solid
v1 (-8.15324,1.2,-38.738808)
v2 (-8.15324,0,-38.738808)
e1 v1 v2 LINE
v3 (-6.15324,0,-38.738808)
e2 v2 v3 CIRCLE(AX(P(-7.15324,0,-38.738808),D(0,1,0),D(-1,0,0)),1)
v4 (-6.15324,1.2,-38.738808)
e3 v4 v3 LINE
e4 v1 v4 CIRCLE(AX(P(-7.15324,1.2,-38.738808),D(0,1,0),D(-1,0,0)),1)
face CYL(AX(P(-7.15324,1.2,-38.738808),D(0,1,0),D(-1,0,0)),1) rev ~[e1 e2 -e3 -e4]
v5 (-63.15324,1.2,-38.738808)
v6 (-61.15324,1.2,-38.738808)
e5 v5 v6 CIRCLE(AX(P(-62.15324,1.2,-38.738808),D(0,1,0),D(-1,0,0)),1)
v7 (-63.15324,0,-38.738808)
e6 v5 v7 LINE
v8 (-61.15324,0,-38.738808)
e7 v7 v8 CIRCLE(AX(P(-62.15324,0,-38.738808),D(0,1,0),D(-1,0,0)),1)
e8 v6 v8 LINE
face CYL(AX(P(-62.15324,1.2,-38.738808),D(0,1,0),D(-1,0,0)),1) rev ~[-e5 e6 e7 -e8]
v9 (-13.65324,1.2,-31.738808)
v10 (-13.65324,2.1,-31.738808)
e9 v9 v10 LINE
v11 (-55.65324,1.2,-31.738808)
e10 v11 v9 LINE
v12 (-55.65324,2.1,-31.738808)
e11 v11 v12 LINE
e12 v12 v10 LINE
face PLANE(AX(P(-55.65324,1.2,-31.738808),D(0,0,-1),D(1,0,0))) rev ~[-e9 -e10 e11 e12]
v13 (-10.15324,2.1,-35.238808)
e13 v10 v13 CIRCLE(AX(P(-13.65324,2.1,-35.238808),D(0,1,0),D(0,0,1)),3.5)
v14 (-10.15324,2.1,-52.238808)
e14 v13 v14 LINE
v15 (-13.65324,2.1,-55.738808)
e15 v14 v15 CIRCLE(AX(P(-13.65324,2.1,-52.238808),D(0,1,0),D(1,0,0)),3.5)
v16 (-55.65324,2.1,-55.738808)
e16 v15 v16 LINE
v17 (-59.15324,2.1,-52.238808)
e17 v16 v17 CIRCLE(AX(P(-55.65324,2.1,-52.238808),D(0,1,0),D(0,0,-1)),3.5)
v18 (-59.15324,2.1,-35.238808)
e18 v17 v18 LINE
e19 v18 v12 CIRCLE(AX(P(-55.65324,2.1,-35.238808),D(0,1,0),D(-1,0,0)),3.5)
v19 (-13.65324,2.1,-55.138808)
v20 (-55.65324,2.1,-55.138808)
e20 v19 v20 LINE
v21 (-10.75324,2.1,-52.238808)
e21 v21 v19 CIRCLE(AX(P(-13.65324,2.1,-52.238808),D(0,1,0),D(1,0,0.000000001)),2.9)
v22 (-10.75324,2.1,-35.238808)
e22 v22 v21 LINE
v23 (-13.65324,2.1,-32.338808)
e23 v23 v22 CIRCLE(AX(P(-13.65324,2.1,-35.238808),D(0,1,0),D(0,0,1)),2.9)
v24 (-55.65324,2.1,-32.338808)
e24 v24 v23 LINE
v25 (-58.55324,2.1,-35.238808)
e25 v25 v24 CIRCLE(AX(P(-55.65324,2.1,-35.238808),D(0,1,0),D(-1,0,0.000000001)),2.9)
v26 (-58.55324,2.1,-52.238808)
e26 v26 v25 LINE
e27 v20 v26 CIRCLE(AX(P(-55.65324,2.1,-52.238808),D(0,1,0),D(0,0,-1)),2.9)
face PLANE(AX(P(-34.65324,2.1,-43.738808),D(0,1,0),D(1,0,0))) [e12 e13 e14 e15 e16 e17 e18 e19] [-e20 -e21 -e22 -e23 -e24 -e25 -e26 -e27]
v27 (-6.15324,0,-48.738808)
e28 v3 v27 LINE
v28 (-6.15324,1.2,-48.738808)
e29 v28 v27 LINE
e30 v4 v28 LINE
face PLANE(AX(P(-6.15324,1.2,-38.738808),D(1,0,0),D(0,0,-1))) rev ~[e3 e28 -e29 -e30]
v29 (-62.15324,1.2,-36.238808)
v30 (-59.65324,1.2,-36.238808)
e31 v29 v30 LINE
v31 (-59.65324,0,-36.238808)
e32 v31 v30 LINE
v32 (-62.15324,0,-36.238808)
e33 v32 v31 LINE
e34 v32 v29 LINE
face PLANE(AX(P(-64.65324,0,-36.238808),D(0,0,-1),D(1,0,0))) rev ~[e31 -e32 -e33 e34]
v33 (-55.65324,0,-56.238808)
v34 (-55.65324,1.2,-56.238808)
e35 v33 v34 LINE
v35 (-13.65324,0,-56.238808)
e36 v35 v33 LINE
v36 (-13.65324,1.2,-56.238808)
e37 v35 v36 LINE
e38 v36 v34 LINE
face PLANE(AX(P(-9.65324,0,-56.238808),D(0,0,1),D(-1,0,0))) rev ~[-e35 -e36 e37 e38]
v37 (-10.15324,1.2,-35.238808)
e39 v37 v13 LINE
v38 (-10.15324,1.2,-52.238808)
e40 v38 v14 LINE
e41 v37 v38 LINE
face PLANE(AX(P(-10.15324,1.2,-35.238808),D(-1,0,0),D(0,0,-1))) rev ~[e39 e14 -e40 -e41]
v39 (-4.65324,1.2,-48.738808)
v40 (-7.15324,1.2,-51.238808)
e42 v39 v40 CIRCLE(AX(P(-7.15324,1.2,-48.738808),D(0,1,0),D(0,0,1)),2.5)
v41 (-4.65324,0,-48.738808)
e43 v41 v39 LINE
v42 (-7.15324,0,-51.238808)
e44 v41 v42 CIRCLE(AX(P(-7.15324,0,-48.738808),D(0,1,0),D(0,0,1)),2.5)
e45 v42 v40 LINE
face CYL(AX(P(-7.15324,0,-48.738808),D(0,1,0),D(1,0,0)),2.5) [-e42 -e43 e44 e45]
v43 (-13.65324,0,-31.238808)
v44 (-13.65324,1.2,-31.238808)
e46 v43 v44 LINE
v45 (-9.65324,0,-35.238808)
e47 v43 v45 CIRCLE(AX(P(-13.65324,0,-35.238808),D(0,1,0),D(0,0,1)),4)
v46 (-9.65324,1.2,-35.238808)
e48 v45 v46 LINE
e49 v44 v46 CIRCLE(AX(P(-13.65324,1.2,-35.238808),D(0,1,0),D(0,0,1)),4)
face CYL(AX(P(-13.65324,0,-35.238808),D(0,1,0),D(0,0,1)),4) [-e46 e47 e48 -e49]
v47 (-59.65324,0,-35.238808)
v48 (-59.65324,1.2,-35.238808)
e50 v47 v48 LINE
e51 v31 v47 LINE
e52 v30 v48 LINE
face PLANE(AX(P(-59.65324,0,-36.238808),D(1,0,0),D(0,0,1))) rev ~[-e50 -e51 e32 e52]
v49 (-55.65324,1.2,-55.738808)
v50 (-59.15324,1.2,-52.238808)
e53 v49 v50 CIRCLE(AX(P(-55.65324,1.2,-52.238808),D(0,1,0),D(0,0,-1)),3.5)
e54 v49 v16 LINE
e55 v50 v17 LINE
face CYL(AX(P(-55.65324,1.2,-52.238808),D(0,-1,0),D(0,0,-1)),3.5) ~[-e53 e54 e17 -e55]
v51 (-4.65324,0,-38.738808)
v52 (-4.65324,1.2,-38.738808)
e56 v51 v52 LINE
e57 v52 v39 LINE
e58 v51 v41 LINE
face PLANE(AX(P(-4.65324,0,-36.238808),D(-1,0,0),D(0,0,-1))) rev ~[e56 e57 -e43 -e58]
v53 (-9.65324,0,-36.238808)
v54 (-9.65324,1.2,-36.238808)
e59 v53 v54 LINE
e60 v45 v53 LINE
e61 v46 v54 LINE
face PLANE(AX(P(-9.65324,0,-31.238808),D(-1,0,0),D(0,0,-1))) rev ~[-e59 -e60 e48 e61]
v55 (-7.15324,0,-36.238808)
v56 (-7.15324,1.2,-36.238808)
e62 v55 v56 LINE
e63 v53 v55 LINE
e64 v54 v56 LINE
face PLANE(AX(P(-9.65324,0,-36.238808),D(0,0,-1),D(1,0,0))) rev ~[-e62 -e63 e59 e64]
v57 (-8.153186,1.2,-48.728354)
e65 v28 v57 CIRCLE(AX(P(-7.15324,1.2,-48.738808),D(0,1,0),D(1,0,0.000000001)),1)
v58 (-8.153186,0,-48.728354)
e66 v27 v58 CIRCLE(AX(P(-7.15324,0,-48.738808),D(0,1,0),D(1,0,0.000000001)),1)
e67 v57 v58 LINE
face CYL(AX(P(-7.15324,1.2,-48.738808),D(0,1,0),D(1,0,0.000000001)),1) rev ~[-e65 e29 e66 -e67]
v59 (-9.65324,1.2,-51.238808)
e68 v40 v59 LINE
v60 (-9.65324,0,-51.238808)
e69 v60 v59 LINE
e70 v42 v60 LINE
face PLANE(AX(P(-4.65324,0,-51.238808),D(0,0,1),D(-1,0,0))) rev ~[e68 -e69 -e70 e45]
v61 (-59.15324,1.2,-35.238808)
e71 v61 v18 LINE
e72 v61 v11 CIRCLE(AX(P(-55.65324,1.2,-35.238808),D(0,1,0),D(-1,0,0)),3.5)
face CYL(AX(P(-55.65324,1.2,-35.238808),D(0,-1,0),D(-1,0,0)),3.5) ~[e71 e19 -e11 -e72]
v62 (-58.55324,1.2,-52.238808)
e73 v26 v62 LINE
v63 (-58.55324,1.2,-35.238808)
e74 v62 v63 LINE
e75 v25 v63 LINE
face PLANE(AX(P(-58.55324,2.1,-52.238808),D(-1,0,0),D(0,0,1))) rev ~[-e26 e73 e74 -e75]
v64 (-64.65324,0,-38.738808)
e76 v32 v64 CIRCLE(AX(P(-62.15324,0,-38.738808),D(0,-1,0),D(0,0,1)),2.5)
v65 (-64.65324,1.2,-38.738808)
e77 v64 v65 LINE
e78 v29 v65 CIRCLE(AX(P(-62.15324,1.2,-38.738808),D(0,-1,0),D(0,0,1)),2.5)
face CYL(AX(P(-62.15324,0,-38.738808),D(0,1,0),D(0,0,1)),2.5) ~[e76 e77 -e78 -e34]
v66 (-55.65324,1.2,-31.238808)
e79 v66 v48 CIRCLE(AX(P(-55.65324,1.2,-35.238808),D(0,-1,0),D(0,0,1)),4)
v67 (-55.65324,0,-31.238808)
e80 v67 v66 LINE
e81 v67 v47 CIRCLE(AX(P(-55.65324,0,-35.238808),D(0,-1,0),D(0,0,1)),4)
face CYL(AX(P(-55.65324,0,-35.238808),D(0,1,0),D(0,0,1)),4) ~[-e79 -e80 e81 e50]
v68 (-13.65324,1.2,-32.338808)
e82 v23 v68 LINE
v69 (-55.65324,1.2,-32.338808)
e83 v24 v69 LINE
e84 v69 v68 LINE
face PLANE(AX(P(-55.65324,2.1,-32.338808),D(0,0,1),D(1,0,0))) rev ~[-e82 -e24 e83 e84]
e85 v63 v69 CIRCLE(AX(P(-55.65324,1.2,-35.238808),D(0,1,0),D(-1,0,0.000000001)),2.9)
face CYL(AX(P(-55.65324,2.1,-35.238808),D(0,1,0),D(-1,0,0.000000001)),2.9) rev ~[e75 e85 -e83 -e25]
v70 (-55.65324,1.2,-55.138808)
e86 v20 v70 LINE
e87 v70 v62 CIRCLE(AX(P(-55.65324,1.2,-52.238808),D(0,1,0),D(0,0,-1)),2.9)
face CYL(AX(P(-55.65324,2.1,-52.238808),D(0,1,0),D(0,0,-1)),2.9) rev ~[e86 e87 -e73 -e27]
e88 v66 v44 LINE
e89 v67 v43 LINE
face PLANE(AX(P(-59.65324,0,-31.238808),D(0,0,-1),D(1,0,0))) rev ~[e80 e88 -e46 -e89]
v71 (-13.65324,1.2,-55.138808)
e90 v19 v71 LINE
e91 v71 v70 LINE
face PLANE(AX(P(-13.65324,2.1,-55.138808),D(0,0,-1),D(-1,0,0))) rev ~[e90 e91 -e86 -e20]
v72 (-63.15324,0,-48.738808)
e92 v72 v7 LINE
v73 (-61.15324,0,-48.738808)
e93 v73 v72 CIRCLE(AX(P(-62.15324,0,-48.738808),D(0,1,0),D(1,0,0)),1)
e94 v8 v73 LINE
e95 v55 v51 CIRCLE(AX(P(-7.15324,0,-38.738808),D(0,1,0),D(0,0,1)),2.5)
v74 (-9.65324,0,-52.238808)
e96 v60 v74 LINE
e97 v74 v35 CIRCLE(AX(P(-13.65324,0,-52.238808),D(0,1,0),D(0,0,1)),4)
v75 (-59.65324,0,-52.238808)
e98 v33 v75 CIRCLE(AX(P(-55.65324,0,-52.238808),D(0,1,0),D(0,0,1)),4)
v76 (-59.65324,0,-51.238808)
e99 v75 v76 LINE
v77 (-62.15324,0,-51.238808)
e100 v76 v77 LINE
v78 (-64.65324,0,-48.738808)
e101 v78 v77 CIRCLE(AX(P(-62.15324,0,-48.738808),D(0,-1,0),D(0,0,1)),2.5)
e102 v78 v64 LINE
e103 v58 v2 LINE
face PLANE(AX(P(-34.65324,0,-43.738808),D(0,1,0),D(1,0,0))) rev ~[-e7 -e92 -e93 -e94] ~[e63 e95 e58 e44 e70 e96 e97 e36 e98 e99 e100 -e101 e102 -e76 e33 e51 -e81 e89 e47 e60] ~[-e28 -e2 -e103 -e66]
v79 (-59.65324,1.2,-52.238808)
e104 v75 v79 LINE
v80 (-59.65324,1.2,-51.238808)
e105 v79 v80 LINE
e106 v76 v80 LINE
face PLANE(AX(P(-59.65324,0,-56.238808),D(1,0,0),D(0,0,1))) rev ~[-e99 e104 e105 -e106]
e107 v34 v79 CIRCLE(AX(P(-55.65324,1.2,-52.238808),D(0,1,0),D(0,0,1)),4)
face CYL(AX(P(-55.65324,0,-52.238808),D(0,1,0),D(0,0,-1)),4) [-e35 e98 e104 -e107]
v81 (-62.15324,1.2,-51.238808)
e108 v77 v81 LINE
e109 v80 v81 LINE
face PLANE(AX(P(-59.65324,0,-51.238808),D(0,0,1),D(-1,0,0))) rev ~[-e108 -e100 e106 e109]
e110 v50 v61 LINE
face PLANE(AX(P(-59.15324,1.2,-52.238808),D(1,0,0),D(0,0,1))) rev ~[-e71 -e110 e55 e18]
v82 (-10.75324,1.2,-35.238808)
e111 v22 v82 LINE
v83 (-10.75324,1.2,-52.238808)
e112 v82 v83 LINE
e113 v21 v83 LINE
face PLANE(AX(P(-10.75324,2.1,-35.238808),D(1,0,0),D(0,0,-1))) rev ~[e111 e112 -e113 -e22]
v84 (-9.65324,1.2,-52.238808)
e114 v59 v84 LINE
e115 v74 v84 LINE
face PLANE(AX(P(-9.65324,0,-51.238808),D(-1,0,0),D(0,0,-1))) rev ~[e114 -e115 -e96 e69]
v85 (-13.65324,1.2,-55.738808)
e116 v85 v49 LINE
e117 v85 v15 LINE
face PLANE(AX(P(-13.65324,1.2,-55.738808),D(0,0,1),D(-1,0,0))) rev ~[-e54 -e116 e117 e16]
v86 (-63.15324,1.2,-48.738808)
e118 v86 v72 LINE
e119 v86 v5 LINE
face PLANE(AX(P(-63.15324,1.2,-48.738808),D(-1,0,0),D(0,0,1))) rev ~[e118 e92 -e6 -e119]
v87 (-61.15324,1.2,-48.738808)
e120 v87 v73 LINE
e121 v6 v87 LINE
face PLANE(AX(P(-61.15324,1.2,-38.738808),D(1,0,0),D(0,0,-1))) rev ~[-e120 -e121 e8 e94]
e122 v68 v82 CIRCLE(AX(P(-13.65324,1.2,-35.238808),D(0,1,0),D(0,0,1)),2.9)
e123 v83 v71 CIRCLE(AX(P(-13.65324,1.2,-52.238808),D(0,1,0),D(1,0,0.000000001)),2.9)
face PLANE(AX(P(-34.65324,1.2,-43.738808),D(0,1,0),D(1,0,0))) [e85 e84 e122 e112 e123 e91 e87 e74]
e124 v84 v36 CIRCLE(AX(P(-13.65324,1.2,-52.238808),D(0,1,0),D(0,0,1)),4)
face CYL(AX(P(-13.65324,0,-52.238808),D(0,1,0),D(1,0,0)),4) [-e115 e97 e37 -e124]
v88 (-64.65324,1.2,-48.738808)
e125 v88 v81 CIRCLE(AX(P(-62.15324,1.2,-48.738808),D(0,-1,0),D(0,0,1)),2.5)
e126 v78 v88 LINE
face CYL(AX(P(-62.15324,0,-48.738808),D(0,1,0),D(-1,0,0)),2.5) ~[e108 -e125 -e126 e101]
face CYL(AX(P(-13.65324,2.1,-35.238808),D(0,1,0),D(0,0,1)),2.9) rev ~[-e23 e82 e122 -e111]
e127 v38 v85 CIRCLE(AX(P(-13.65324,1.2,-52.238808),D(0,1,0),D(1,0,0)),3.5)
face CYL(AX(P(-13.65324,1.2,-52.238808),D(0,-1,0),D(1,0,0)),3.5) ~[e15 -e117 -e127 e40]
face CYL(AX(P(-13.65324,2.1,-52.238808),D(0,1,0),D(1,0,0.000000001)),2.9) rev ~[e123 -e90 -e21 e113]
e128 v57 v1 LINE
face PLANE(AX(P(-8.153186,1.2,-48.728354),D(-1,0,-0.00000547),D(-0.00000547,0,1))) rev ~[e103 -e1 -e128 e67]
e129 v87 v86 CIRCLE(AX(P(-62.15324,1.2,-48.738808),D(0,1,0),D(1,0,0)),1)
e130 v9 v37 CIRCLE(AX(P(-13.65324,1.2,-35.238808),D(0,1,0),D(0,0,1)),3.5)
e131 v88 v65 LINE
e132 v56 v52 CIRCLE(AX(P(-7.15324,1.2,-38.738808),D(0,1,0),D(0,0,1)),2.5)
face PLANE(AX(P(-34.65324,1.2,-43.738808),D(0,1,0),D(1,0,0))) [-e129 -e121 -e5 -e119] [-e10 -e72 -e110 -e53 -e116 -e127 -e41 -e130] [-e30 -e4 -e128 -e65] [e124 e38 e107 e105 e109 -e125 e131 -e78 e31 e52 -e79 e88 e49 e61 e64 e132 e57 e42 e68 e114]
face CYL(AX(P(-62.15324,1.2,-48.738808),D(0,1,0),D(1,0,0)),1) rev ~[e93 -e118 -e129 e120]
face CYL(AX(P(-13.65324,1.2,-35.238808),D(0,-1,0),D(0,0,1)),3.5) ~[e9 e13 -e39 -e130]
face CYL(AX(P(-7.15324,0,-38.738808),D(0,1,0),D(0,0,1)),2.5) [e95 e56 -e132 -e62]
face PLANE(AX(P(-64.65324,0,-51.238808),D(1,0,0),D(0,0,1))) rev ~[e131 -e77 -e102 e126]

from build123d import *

# Parameters (mm, degrees)
BOSS_EXTRUDE1_DEPTH = 1.2
FILLET1_R           = 4
FILLET2_R           = 2.5
BOSS_EXTRUDE2_DEPTH = 0.9
CUT_EXTRUDE1_DEPTH  = 0.9
CUT_EXTRUDE2_DEPTH  = 86.698804049


with BuildPart() as part:
    # Sketch1 → Boss-Extrude1 (new body)
    with BuildSketch(Plane(origin=(0, 0, 0), x_dir=(1, 0, 0), z_dir=(0, 1, 0))):
        Polygon((-59.653240417, 31.238807945), (-9.653240417, 31.238807945), (-9.653240417, 36.238807945), (-4.653240417, 36.238807945), (-4.653240417, 51.238807945), (-9.653240417, 51.238807945), (-9.653240417, 56.238807945), (-59.653240417, 56.238807945), (-59.653240417, 51.238807945), (-64.653240417, 51.238807945), (-64.653240417, 36.238807945), (-59.653240417, 36.238807945), align=None)
    extrude(amount=BOSS_EXTRUDE1_DEPTH)

    # Fillet1
    fillet1_edges = [part.edges().sort_by_distance(p)[0] for p in [
        (-59.653240417, 0.6, -56.238807945),
        (-9.653240417, 0.6, -56.238807945),
        (-9.653240417, 0.6, -31.238807945),
        (-59.653240417, 0.6, -31.238807945),
    ]]
    fillet(fillet1_edges, radius=FILLET1_R)

    # Fillet2
    fillet2_edges = [part.edges().sort_by_distance(p)[0] for p in [
        (-64.653240417, 0.6, -36.238807945),
        (-64.653240417, 0.6, -51.238807945),
        (-4.653240417, 0.6, -51.238807945),
        (-4.653240417, 0.6, -36.238807945),
    ]]
    fillet(fillet2_edges, radius=FILLET2_R)

    # Sketch4 → Boss-Extrude2 (add)
    with BuildSketch(Plane(origin=(0, 1.2, 0), x_dir=(1, 0, 0), z_dir=(0, 1, 0))):
        with BuildLine():
            Line((-59.153240417, 50.738807945), (-59.153240417, 36.738807945))
            Line((-59.153240417, 36.738807945), (-59.153240417, 35.238807945))
            ThreePointArc((-59.153240417, 35.238807945), (-58.128114151, 32.763934211), (-55.653240417, 31.738807945))
            Line((-55.653240417, 31.738807945), (-13.653240417, 31.738807945))
            ThreePointArc((-13.653240417, 31.738807945), (-11.178366683, 32.763934211), (-10.153240417, 35.238807945))
            Line((-10.153240417, 35.238807945), (-10.153240417, 36.738807945))
            Line((-10.153240417, 36.738807945), (-10.153240417, 50.738807945))
            Line((-10.153240417, 50.738807945), (-10.153240417, 52.238807945))
            ThreePointArc((-10.153240417, 52.238807945), (-11.178366683, 54.713681679), (-13.653240417, 55.738807945))
            Line((-13.653240417, 55.738807945), (-55.653240417, 55.738807945))
            ThreePointArc((-55.653240417, 55.738807945), (-58.128114151, 54.713681679), (-59.153240417, 52.238807945))
            Line((-59.153240417, 52.238807945), (-59.153240417, 50.738807945))
        make_face()
    extrude(amount=BOSS_EXTRUDE2_DEPTH)

    # Sketch5 → Cut-Extrude1 (cut)
    with BuildSketch(Plane(origin=(0, 2.1, 0), x_dir=(1, 0, 0), z_dir=(0, 1, 0))):
        with BuildLine():
            Line((-58.553240417, 52.238807945), (-58.553240417, 35.238807945))
            ThreePointArc((-58.553240417, 35.238807945), (-57.703850082, 33.18819828), (-55.653240417, 32.338807945))
            Line((-55.653240417, 32.338807945), (-13.653240417, 32.338807945))
            ThreePointArc((-13.653240417, 32.338807945), (-11.602630751, 33.18819828), (-10.753240417, 35.238807945))
            Line((-10.753240417, 35.238807945), (-10.753240417, 52.238807945))
            ThreePointArc((-10.753240417, 52.238807945), (-11.602630751, 54.289417611), (-13.653240417, 55.138807945))
            Line((-13.653240417, 55.138807945), (-55.653240417, 55.138807945))
            ThreePointArc((-55.653240417, 55.138807945), (-57.703850082, 54.289417611), (-58.553240417, 52.238807945))
        make_face()
    extrude(amount=-CUT_EXTRUDE1_DEPTH, mode=Mode.SUBTRACT)

    # Sketch6 → Cut-Extrude2 (cut, through all)
    with BuildSketch(Plane(origin=(0, 1.2, 0), x_dir=(1, 0, 0), z_dir=(0, 1, 0))):
        with BuildLine():
            Line((-63.153240417, 48.738807945), (-63.153240417, 38.738807945))
            ThreePointArc((-63.153240417, 38.738807945), (-62.153240417, 37.738807945), (-61.153240417, 38.738807945))
            Line((-61.153240417, 38.738807945), (-61.153240417, 48.738807945))
            ThreePointArc((-61.153240417, 48.738807945), (-62.153240417, 49.738807945), (-63.153240417, 48.738807945))
        make_face()
        with BuildLine():
            Line((-8.153185775, 48.728354232), (-8.153240417, 38.738807945))
            ThreePointArc((-8.153240417, 38.738807945), (-7.153245887, 37.738807945), (-6.153240417, 38.738807945))
            Line((-6.153240417, 38.738807945), (-6.153240417, 48.738807945))
            ThreePointArc((-6.153240417, 48.738807945), (-7.158467345, 49.738794285), (-8.153185775, 48.728354232))
        make_face()
    extrude(amount=-CUT_EXTRUDE2_DEPTH, mode=Mode.SUBTRACT)


solid = part.part
